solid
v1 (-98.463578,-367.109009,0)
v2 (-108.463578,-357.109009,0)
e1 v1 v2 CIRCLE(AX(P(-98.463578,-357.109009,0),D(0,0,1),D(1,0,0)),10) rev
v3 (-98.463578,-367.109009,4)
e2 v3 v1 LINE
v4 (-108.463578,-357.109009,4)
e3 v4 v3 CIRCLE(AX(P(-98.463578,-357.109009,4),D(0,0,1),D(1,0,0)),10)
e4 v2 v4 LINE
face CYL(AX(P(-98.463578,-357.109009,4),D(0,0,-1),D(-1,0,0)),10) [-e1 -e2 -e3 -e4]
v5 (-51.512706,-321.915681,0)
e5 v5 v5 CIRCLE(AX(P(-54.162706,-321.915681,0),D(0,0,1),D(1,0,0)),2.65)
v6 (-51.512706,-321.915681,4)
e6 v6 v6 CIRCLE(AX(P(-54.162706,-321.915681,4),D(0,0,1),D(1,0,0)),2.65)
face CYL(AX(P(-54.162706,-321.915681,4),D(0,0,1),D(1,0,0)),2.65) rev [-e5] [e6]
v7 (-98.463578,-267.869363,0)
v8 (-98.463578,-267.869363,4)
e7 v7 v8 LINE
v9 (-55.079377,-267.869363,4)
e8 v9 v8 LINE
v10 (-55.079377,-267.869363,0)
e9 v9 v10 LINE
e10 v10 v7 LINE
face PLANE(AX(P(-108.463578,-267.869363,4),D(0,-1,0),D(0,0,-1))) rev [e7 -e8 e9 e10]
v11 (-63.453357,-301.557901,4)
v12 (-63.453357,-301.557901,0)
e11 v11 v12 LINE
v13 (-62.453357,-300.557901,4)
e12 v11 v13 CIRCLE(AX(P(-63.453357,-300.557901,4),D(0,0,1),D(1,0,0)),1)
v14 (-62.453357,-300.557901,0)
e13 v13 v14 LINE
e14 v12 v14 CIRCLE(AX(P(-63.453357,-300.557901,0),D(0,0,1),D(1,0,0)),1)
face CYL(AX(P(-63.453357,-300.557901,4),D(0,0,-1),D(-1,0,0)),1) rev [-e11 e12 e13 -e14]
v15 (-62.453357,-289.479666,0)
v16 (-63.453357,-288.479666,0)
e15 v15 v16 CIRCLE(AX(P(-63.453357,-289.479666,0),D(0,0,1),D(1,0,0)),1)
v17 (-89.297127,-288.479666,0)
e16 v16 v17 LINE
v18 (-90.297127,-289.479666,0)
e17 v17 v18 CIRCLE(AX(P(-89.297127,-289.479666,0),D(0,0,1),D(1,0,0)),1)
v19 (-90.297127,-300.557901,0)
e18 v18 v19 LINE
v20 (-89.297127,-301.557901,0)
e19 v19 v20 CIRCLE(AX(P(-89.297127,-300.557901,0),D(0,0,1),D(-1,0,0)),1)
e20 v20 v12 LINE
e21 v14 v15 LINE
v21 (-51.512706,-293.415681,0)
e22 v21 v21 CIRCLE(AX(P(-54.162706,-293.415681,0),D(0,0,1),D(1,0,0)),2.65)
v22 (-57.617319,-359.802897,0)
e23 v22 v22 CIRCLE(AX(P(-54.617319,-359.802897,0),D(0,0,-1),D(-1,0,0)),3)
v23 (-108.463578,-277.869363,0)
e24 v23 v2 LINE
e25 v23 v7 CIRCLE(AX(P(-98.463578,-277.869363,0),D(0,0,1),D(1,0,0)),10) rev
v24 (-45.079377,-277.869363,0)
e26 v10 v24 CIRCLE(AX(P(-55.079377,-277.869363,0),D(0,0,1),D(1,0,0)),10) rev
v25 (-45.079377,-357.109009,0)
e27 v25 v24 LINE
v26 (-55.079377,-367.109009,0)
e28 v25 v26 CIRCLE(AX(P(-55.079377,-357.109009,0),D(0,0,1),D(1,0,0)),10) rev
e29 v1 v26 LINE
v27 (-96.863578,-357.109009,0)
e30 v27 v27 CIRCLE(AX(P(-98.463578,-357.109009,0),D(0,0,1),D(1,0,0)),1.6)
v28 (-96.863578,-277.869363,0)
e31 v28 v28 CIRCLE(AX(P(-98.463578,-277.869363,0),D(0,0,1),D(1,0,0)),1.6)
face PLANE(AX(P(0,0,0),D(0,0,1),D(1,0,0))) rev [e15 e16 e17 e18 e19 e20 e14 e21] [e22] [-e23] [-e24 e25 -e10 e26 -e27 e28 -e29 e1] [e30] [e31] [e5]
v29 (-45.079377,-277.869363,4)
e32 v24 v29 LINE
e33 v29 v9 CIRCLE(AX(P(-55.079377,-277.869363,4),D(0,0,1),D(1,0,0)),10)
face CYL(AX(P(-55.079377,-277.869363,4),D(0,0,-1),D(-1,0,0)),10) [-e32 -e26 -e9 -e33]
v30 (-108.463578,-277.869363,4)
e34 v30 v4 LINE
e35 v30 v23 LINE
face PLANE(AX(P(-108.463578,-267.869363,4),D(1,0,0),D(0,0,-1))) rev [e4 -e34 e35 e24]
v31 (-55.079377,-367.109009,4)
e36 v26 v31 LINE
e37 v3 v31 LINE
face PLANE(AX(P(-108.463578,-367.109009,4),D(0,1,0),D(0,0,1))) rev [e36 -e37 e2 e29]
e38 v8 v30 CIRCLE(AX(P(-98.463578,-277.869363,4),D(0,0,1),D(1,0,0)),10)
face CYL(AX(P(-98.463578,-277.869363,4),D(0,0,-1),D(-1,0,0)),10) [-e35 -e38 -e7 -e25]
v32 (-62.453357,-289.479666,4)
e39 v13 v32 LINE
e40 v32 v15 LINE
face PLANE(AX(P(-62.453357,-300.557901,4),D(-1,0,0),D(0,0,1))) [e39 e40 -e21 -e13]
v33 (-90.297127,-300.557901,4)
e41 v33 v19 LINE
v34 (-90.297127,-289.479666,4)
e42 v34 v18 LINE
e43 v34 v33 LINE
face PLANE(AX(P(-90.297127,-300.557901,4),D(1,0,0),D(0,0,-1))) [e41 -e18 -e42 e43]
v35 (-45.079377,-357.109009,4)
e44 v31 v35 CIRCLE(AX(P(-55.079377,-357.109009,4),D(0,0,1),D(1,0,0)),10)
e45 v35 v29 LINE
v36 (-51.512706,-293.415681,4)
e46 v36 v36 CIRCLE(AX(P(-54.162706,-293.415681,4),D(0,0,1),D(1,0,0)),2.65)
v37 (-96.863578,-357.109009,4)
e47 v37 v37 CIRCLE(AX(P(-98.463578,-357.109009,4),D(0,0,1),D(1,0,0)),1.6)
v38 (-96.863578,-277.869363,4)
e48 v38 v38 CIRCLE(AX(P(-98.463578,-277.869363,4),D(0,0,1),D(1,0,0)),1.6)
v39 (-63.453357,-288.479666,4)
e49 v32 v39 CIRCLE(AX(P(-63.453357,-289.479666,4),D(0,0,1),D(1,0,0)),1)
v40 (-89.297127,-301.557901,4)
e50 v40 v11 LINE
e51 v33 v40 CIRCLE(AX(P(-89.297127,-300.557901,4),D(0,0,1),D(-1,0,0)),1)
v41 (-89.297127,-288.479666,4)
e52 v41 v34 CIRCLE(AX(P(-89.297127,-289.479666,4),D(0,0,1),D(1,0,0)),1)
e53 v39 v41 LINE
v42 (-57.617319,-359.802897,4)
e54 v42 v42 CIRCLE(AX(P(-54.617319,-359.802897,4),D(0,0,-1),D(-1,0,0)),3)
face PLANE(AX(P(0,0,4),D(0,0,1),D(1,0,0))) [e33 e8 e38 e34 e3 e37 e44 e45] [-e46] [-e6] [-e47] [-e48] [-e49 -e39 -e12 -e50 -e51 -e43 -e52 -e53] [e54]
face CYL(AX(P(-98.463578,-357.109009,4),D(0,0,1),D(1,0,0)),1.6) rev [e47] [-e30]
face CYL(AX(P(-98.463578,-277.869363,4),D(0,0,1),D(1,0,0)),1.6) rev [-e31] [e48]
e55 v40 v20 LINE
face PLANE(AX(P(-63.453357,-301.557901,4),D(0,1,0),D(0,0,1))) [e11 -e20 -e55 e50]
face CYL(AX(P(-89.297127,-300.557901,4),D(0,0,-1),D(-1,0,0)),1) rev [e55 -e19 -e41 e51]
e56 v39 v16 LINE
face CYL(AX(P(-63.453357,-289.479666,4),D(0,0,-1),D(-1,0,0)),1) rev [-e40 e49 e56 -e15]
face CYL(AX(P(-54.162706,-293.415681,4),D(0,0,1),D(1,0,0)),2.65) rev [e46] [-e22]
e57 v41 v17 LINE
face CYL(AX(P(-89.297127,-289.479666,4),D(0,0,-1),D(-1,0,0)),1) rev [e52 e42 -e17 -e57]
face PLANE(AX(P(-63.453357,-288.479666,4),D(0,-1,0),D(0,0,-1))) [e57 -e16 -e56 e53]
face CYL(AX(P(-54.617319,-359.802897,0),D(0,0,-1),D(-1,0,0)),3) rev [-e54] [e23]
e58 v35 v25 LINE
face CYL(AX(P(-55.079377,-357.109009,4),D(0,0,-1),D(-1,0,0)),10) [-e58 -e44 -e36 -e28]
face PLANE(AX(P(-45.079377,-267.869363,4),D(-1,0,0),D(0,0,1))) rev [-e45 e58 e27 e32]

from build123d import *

# Parameters (mm, degrees)
SKETCH1_W            = 63.384201813
SKETCH1_H            = 99.23964582
BOSS_EXTRUDE1_DEPTH  = 4
M5_CLEARANCE_HOLE1_D = 5.3
FILLET1_R            = 10
M5_CLEARANCE_HOLE2_D = 6
M3_CLEARANCE_HOLE1_D = 3.2


with BuildPart() as part:
    # Sketch1 → Boss-Extrude1 (new body)
    with BuildSketch(Plane.XY):
        with Locations((-76.771477461, -317.489186132)):
            Rectangle(SKETCH1_W, SKETCH1_H)
        with BuildLine():
            Line((-63.453357461, -301.557900971), (-89.297127128, -301.557900971))
            ThreePointArc((-89.297127128, -301.557900971), (-90.004233909, -301.265007752), (-90.297127128, -300.557900971))
            Line((-90.297127128, -300.557900971), (-90.297127128, -289.479666407))
            ThreePointArc((-90.297127128, -289.479666407), (-90.004233909, -288.772559625), (-89.297127128, -288.479666407))
            Line((-89.297127128, -288.479666407), (-63.453357461, -288.479666407))
            ThreePointArc((-63.453357461, -288.479666407), (-62.74625068, -288.772559625), (-62.453357461, -289.479666407))
            Line((-62.453357461, -289.479666407), (-62.453357461, -300.557900971))
            ThreePointArc((-62.453357461, -300.557900971), (-62.74625068, -301.265007752), (-63.453357461, -301.557900971))
        make_face(mode=Mode.SUBTRACT)
    extrude(amount=BOSS_EXTRUDE1_DEPTH)

    # M5 Clearance Hole1 (through all)
    with Locations(Plane.XY.offset(4)):
        with Locations((-54.16270611, -321.915681156), (-54.16270611, -293.415681156)):
            Hole(M5_CLEARANCE_HOLE1_D / 2)

    # Fillet1
    fillet1_edges = [part.edges().sort_by_distance(p)[0] for p in [
        (-108.463578367, -267.869363222, 2),
        (-45.079376554, -267.869363222, 2),
        (-45.079376554, -367.109009042, 2),
        (-108.463578367, -367.109009042, 2),
    ]]
    fillet(fillet1_edges, radius=FILLET1_R)

    # M5 Clearance Hole2 (through all)
    with Locations(Plane(origin=(0, 0, 0), x_dir=(-1, 0, 0), z_dir=(0, 0, -1))):
        with Locations((54.617319332, -359.802896905)):
            Hole(M5_CLEARANCE_HOLE2_D / 2)

    # M3 Clearance Hole1 (through all)
    with Locations(Plane.XY.offset(4)):
        with Locations((-98.463578367, -357.109009042), (-98.463578367, -277.869363222)):
            Hole(M3_CLEARANCE_HOLE1_D / 2)


solid = part.part
